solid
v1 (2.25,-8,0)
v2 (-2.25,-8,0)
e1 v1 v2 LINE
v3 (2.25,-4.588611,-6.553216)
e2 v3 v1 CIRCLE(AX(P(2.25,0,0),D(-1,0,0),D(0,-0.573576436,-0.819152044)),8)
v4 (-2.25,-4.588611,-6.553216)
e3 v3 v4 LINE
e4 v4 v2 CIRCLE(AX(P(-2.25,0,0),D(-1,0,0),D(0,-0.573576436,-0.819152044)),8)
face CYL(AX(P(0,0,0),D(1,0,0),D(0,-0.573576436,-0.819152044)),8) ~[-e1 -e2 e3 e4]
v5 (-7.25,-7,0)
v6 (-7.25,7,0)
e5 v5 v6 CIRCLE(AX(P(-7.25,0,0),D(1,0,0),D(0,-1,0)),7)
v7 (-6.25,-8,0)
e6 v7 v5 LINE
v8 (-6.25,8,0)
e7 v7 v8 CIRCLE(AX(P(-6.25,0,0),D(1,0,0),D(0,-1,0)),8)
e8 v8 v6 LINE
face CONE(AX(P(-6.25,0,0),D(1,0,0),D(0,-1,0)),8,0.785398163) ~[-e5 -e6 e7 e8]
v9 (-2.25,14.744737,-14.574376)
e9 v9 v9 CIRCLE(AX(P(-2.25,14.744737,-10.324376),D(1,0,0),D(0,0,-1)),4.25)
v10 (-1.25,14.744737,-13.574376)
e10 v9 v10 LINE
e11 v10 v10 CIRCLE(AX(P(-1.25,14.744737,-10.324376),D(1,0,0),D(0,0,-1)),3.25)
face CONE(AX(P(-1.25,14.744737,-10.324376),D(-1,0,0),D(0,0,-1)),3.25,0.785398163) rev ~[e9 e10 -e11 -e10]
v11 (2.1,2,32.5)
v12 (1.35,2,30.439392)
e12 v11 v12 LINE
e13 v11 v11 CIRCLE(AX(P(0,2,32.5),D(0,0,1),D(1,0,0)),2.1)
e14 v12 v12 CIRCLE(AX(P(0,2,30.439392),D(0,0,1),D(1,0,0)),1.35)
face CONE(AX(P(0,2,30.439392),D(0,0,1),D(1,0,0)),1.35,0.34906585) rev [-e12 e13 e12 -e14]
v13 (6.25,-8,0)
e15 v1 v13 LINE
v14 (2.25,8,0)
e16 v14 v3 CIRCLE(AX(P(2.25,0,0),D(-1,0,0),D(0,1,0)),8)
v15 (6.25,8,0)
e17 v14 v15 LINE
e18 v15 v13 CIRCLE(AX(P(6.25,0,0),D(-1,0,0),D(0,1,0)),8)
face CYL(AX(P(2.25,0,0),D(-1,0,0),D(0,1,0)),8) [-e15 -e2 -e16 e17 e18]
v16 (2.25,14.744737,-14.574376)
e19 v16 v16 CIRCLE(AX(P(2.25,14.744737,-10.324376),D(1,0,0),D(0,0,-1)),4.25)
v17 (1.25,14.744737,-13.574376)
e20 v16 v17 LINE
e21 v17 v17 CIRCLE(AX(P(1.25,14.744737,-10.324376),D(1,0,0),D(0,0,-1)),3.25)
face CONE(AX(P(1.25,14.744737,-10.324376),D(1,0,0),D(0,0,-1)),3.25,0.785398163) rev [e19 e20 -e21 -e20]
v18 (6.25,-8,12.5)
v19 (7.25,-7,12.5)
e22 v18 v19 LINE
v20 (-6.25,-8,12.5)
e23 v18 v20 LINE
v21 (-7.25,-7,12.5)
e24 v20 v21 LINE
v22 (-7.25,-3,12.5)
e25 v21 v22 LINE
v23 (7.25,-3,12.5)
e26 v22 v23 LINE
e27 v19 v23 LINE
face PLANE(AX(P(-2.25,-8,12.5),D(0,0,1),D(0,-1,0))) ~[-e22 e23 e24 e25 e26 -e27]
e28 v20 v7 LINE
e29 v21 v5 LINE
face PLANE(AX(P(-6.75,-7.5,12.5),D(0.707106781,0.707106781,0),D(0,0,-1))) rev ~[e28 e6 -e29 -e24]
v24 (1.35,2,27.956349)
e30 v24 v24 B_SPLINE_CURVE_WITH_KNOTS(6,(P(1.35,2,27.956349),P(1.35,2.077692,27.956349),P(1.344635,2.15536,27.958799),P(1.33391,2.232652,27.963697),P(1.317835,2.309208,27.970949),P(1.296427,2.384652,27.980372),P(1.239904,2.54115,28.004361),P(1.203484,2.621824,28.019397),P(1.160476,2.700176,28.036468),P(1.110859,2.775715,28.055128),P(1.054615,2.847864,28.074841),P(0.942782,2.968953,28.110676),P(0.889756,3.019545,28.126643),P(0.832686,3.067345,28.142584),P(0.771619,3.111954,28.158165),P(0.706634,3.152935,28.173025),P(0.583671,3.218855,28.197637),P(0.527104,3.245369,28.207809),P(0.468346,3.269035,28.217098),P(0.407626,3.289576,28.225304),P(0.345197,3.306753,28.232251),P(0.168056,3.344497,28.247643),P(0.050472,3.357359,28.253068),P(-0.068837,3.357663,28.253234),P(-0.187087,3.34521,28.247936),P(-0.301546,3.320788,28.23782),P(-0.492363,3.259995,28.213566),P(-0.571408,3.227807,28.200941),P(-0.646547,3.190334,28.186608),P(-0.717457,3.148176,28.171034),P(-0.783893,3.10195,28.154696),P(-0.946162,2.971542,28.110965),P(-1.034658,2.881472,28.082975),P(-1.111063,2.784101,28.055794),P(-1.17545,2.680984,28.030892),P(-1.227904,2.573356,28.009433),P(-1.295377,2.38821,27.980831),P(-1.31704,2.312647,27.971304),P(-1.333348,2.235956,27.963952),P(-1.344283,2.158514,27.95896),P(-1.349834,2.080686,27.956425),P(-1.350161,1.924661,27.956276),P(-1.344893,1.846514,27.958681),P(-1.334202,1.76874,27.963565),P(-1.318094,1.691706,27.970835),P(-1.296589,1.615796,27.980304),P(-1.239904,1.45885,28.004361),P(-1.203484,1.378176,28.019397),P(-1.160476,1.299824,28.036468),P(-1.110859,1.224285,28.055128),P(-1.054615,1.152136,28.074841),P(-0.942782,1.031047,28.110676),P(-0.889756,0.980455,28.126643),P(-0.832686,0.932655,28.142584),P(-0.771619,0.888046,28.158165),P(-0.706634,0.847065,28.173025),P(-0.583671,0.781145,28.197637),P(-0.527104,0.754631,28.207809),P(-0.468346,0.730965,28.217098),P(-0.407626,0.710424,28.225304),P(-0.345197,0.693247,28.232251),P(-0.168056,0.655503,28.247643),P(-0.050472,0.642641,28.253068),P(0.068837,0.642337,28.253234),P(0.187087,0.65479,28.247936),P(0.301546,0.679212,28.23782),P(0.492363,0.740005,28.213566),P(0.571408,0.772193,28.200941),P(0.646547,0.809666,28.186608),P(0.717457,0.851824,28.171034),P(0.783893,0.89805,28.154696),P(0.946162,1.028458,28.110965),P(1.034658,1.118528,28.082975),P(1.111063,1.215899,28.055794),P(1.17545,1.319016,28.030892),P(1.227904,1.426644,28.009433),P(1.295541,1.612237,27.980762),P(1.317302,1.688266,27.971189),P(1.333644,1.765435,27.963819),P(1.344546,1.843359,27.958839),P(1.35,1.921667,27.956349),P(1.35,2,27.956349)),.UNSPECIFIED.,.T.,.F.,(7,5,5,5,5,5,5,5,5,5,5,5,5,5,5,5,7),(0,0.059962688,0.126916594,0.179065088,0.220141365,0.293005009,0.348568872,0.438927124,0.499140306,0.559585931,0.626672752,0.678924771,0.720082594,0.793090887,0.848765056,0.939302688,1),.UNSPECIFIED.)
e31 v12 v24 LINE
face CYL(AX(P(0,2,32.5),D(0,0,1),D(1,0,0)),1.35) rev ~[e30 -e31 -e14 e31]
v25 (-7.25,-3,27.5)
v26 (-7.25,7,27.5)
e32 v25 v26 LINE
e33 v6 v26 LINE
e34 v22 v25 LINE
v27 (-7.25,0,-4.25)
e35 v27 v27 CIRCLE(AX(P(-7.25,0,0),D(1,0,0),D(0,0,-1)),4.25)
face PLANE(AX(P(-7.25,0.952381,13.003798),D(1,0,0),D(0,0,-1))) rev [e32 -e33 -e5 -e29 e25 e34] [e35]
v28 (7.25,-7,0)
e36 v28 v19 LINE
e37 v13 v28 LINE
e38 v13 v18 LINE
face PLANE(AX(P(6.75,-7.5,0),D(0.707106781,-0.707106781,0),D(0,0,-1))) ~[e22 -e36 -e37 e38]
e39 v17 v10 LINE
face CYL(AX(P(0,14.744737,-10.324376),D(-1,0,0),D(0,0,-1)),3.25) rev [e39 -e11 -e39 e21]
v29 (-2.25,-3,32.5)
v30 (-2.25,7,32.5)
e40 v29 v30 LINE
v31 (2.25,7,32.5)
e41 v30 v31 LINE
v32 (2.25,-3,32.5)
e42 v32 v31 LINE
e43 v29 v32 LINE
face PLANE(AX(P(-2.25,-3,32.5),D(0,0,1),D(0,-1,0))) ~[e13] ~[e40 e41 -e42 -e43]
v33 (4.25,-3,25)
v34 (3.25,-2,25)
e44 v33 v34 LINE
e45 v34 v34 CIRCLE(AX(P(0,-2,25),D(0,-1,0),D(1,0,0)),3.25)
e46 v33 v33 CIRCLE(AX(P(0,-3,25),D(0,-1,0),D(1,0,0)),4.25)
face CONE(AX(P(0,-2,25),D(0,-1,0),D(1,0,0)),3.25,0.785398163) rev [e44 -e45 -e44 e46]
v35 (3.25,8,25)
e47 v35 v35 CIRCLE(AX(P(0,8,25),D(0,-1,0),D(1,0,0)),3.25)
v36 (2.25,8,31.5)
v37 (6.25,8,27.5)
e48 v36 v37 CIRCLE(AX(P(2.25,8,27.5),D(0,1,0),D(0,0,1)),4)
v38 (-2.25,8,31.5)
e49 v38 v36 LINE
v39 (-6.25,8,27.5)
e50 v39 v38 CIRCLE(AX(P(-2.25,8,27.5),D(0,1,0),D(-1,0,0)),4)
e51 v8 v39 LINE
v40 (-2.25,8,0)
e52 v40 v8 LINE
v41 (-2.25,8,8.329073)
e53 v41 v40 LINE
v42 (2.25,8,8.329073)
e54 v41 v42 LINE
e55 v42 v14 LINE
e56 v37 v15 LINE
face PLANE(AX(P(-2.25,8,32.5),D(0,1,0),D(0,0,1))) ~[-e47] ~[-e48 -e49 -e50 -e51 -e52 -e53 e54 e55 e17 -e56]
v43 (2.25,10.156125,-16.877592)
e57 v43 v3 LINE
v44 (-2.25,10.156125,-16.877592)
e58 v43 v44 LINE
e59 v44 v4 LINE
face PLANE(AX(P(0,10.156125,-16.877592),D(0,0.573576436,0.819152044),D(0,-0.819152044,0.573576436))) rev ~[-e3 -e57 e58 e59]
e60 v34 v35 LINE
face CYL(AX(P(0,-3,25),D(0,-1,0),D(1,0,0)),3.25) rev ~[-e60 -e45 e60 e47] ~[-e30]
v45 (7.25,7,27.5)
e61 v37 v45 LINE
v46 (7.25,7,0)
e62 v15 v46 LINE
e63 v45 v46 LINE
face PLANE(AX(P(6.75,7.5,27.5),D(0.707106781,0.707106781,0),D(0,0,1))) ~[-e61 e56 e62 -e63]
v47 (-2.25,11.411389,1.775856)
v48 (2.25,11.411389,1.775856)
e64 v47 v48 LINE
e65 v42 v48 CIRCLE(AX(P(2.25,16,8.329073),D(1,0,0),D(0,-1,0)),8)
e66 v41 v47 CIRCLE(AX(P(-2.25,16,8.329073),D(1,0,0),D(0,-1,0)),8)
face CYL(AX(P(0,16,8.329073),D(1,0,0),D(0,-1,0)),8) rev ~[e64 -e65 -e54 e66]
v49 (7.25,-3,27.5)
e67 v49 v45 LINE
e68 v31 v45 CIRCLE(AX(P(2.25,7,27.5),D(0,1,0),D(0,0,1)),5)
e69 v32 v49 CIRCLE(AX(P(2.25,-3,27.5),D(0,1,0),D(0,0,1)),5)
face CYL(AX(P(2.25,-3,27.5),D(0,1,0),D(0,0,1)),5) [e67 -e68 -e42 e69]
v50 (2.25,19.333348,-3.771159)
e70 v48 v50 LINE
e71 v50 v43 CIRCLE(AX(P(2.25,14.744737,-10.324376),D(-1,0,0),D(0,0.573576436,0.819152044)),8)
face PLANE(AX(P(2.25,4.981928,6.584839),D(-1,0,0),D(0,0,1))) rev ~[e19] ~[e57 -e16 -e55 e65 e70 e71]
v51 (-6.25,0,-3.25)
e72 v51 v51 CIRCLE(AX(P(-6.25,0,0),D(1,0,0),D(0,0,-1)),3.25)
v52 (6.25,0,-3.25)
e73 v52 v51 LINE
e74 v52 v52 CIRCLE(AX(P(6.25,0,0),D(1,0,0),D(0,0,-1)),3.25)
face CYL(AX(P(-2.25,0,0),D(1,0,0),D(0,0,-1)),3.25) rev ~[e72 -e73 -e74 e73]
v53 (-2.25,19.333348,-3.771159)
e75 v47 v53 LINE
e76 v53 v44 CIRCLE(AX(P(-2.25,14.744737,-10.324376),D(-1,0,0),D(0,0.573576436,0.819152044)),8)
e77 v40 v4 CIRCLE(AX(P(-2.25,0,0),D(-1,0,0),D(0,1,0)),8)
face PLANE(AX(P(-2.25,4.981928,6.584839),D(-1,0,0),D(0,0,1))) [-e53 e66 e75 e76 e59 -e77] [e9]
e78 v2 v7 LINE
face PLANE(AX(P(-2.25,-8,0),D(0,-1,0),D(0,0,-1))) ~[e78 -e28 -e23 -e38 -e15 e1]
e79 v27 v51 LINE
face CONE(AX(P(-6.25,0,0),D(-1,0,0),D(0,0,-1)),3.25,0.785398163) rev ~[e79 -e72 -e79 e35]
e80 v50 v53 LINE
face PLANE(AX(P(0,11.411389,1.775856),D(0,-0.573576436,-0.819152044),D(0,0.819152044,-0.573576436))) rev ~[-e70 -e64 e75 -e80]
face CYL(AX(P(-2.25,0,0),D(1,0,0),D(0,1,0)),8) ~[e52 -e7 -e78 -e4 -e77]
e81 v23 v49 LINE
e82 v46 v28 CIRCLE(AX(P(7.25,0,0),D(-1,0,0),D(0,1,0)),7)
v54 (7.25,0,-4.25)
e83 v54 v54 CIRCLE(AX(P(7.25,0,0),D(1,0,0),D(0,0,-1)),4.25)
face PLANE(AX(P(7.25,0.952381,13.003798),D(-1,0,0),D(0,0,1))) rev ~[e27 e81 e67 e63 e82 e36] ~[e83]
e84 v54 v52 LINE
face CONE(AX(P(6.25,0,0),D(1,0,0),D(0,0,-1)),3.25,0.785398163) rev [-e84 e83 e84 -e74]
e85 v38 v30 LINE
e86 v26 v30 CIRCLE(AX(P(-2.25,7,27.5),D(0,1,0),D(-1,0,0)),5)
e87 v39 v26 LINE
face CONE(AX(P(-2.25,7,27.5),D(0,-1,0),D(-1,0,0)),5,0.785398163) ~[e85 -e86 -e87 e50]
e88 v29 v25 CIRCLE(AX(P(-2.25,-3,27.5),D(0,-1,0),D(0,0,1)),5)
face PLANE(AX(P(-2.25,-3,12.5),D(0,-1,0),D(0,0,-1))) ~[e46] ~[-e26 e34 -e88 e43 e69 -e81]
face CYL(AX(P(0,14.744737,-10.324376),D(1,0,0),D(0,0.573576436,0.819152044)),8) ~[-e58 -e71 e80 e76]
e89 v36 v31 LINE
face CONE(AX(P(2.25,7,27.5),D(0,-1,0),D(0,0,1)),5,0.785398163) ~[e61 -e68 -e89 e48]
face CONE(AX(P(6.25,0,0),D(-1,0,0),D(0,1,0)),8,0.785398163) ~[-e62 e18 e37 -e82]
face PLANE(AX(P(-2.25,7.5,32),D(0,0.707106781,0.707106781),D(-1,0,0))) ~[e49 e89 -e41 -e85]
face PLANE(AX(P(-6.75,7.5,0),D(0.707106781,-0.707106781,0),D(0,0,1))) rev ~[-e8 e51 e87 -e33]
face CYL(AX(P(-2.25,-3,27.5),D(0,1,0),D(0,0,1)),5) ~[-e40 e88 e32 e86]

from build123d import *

# Parameters (mm, degrees)
SKETCH1_R           = 3.25
BOSS_EXTRUDE1_DEPTH = 2.25
SKETCH2_R           = 3.25
BOSS_EXTRUDE2_DEPTH = 5
SKETCH3_R           = 3.25
CUT_EXTRUDE1_DEPTH  = 26.744736797
FILLET1_R           = 5
CHAMFER1_SIZE       = 1
CUT_EXTRUDE2_REACH  = 52.824
SKETCH4_R           = 1.35
CHAMFER2_SIZE       = 0.75
CHAMFER2_SIZE2      = 2.060608065
CHAMFER3_SIZE       = 1


with BuildPart() as part:
    # Sketch1 → Boss-Extrude1 (new body, symmetric)
    with BuildSketch(Plane(origin=(0, 0, 0), x_dir=(0, 0, -1), z_dir=(1, 0, 0))):
        with BuildLine():
            Line((-1.775856455, 11.411388509), (3.7711595, 19.333348288))
            ThreePointArc((3.7711595, 19.333348288), (14.912987345, 21.297953152), (16.877592209, 10.156125306))
            Line((16.877592209, 10.156125306), (6.553216354, -4.588611491))
            ThreePointArc((6.553216354, -4.588611491), (3.693988906, -7.096086665), (0, -8))
            Line((0, -8), (-12.5, -8))
            Line((-12.5, -8), (-12.5, -3))
            Line((-12.5, -3), (-32.5, -3))
            Line((-32.5, -3), (-32.5, 8))
            Line((-32.5, 8), (-25, 8))
            Line((-25, 8), (-8.329072809, 8))
            ThreePointArc((-8.329072809, 8), (-4.635083903, 8.903913335), (-1.775856455, 11.411388509))
        make_face()
        Circle(SKETCH1_R, mode=Mode.SUBTRACT)
        with Locations((10.324375854, 14.744736797)):
            Circle(SKETCH1_R, mode=Mode.SUBTRACT)
    extrude(amount=BOSS_EXTRUDE1_DEPTH, both=True)

    # Sketch2 → Boss-Extrude2 (add)
    with BuildSketch(Plane(origin=(2.25, 0, 0), x_dir=(0, 0, -1), z_dir=(1, 0, 0))):
        with BuildLine():
            Line((-32.5, 8), (0, 8))
            ThreePointArc((0, 8), (8, 0), (0, -8))
            Line((0, -8), (-12.5, -8))
            Line((-12.5, -8), (-12.5, -3))
            Line((-12.5, -3), (-32.5, -3))
            Line((-32.5, -3), (-32.5, 8))
        make_face()
        Circle(SKETCH2_R, mode=Mode.SUBTRACT)
    boss_extrude2 = extrude(amount=BOSS_EXTRUDE2_DEPTH)

    # Mirror1: Boss-Extrude2 across plane
    add(boss_extrude2.mirror(Plane(origin=(0, 0, 0), x_dir=(0, 0, 1), z_dir=(1, 0, 0))))

    # Sketch3 → Cut-Extrude1 (cut, through all)
    with BuildSketch(Plane.XZ.offset(3)):
        with Locations((0, 25)):
            Circle(SKETCH3_R)
    extrude(amount=-CUT_EXTRUDE1_DEPTH, mode=Mode.SUBTRACT)

    # Fillet1
    fillet1_edges = [part.edges().sort_by_distance(p)[0] for p in [
        (7.25, 2.5, 32.5),
        (-7.25, 2.5, 32.5),
    ]]
    fillet(fillet1_edges, radius=FILLET1_R)

    # Chamfer1
    chamfer1_edges = [part.edges().sort_by_distance(p)[0] for p in [
        (0, 8, 32.5),
        (5.785533906, 8, 31.035533906),
        (-5.785533906, 8, 31.035533906),
        (-2.25, 14.744736797, -7.074375854),
        (2.25, 14.744736797, -7.074375854),
        (7.25, -8, 6.25),
        (7.25, 0, -8),
        (7.25, 8, 13.75),
        (7.25, 0, 3.25),
        (-7.25, 8, 13.75),
        (-7.25, 0, -8),
        (-7.25, -8, 6.25),
        (-7.25, 0, 3.25),
    ]]
    chamfer(chamfer1_edges, length=CHAMFER1_SIZE)

    # Sketch4 → Cut-Extrude2 (cut, up to next)
    with BuildSketch(Plane.XY.offset(32.5), mode=Mode.PRIVATE) as cut_extrude2_sk1:
        with Locations((0, 2)):
            Circle(SKETCH4_R)
    cut_extrude2_tool1 = extrude(cut_extrude2_sk1.sketch, amount=-CUT_EXTRUDE2_REACH, mode=Mode.PRIVATE) & part.part
    add(cut_extrude2_tool1.solids().sort_by_distance((0, 2, 32.5))[0], mode=Mode.SUBTRACT)

    # Chamfer2
    chamfer2_edges = [part.edges().sort_by_distance(p)[0] for p in [
        (-1.35, 2, 32.5),
    ]]
    chamfer2_side = [part.faces().sort_by_distance(p)[0] for p in [
        (-2.140341439, 2, 32.5),
    ]]
    chamfer(chamfer2_edges, length=CHAMFER2_SIZE, length2=CHAMFER2_SIZE2, reference=chamfer2_side[0])

    # Chamfer3
    chamfer3_edges = [part.edges().sort_by_distance(p)[0] for p in [
        (-3.25, -3, 25),
    ]]
    chamfer(chamfer3_edges, length=CHAMFER3_SIZE)


solid = part.part
